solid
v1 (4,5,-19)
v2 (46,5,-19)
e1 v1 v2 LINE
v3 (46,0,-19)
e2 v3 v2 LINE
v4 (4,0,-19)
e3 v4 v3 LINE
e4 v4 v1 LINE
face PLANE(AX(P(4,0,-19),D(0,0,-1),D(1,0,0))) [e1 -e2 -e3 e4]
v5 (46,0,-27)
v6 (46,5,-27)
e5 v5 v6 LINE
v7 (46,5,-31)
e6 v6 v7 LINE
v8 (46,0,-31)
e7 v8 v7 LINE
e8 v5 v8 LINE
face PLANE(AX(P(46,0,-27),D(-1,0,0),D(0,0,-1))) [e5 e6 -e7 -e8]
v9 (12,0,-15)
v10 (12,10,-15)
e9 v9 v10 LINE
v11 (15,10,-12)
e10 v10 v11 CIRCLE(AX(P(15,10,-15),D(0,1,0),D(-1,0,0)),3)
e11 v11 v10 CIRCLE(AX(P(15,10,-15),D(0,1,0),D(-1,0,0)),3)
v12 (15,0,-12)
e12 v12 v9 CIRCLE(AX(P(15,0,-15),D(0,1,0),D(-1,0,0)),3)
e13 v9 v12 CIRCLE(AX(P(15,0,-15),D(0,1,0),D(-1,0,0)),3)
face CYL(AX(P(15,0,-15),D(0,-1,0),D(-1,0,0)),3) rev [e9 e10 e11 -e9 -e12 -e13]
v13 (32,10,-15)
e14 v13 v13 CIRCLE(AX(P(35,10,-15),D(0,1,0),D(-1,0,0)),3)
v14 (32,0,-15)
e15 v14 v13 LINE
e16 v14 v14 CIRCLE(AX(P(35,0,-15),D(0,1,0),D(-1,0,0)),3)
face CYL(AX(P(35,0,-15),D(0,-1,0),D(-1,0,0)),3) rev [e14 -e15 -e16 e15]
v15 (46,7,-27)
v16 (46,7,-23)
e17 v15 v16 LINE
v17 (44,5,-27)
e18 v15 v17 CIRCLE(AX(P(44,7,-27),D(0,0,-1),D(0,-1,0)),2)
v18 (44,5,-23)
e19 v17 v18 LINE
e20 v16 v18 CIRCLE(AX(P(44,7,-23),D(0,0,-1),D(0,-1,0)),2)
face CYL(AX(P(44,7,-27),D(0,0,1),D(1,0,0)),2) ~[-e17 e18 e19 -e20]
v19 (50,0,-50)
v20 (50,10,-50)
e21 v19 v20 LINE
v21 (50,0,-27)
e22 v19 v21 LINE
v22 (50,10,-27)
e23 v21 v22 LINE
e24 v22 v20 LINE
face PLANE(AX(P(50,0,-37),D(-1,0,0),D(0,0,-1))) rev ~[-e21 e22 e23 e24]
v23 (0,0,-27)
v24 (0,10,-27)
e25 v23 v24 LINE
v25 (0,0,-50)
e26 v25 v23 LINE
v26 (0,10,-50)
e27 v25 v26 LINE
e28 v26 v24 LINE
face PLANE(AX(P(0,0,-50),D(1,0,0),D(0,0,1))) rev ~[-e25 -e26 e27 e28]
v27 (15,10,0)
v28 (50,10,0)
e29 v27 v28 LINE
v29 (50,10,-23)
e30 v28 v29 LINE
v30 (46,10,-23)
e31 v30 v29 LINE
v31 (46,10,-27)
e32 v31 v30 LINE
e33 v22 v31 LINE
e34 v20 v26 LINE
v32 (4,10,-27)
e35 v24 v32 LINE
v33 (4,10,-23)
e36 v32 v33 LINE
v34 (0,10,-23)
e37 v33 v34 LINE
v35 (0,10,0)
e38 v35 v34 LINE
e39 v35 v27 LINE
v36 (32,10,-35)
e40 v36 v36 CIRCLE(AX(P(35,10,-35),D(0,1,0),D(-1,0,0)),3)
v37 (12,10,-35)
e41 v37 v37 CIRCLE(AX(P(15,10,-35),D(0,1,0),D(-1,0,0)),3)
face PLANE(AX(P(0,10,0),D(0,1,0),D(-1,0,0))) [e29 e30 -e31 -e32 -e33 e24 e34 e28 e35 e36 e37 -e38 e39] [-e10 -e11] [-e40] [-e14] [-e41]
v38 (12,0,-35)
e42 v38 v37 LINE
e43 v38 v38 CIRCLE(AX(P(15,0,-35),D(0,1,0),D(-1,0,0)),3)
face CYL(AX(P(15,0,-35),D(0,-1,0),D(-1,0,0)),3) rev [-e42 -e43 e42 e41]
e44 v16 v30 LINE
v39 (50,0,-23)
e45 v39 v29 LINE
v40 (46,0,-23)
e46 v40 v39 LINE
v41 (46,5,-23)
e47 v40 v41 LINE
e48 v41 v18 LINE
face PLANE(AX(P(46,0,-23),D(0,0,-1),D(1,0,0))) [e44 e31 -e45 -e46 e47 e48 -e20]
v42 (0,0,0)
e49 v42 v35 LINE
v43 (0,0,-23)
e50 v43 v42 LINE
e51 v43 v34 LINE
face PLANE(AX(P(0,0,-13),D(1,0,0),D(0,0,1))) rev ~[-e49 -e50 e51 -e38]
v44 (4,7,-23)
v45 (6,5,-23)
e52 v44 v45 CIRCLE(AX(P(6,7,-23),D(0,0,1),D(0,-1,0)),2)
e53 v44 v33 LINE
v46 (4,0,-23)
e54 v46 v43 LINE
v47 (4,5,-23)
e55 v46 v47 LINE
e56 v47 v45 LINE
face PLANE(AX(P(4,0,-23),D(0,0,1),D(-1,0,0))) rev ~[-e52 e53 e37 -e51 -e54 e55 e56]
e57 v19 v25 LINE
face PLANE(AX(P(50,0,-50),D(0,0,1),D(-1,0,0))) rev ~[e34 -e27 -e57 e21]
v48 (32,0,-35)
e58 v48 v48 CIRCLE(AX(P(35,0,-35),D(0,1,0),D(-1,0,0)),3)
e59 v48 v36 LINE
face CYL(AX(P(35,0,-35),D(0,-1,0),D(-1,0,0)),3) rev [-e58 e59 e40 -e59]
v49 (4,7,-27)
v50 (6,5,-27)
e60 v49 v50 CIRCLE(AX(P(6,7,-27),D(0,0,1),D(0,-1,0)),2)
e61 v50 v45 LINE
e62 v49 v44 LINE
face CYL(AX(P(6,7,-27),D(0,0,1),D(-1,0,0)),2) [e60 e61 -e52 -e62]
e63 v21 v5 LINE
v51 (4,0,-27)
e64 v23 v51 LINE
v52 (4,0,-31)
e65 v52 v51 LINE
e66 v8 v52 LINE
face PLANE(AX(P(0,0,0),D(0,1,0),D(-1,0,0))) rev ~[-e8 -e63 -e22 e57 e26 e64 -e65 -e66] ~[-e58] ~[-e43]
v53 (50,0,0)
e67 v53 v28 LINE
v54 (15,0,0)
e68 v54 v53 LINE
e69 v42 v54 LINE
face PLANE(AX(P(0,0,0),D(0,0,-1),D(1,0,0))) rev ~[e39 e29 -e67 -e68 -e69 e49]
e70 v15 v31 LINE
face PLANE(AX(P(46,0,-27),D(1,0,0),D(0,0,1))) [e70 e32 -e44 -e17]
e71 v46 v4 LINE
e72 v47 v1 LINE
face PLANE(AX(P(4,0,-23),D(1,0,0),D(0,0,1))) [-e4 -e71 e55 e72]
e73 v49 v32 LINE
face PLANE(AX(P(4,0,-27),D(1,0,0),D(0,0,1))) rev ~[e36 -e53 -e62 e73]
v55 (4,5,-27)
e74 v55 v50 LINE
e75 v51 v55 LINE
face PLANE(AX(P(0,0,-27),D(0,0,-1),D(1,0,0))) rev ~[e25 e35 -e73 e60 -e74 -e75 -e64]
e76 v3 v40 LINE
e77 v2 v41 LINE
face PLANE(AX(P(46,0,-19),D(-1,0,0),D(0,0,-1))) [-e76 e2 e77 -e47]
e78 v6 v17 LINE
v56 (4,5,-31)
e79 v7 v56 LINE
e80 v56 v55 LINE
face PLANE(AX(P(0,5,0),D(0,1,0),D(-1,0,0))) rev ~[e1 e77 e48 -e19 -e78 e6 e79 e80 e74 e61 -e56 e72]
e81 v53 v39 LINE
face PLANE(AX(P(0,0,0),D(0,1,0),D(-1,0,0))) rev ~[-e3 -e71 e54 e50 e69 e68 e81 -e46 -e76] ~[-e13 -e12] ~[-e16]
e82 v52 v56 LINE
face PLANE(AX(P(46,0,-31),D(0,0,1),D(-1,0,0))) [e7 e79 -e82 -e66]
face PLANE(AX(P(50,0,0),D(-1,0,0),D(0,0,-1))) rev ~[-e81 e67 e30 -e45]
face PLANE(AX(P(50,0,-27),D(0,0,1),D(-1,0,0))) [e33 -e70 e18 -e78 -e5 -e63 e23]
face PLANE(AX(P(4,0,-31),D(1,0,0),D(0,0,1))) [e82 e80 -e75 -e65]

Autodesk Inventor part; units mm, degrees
ref_plane "YZ Plane" through (0, 0, 0) normal (1, 0, 0) x (0, 1, 0)
ref_plane "XZ Plane" through (0, 0, 0) normal (0, 1, 0) x (-1, 0, 0)
ref_plane "XY Plane" through (0, 0, 0) normal (0, 0, 1) x (1, 0, 0)
sketch "Sketch2" plane through (0, 0, 0) normal (0, 1, 0) x (-1, 0, 0)
  line L0 (0, 0) -> (-50, 0)
  line L1 (-50, 0) -> (-50, -50)
  line L2 (-50, -50) -> (0, -50)
  line L3 (0, -50) -> (0, 0)
  circle A0 centre (-15, -35) radius 3
  circle A1 centre (-15, -15) radius 3
  line L4 (-15, -35) -> (-15, -50) construction
  line L5 (-15, -15) -> (-15, 0)
  line L6 (-15, -35) -> (0, -35) construction
  line L7 (0, -27) -> (-4, -27)
  line L8 (-4, -23) -> (0, -23)
  line L9 (0, -23) -> (0, -27)
  line L10 (-50, -27) -> (-46, -27)
  line L11 (-46, -23) -> (-50, -23)
  line L12 (-50, -23) -> (-50, -27)
  line L13 (-50, -30) -> (-50, -37)
  line L14 (0, -13) -> (0, -20)
  line L15 (-4, -23) -> (-4, -19)
  line L16 (-4, -19) -> (-46, -19)
  line L17 (-46, -19) -> (-46, -23)
  line L18 (-46, -27) -> (-46, -31)
  line L19 (-46, -31) -> (-4, -31)
  line L20 (-4, -31) -> (-4, -27)
  line L21 (-4, -27) -> (-4, -23)
  line L22 (-46, -27) -> (-46, -23)
  line L23 (-35, 0) -> (-35, -15) construction
  line L24 (-35, -50) -> (-35, -35) construction
  line L25 (-35, -15) -> (-50, -15) construction
  circle A2 centre (-35, -15) radius 3
  circle A3 centre (-35, -35) radius 3
  point P0 (0, -25)
  point P1 (-50, -25)
  point P2 (0, -23)
  dimension "d0" = 50
  dimension "d1" = 6
  dimension "d6" = 4
  dimension "d10" = 7
  dimension "d23" = 15
  dimension "d24" = 4
extrude "Extrusion1" add sketch "Sketch2" along normal blind 10 contours L3 L8 L15 L16 L17 L11 L1 L0 | L10 L18 L19 L20 L7 L3 L2 L1 | L17 L16 L15 L21 L20 L19 L18 L22
extrude "Extrusion2" cut sketch "Sketch2" along normal blind 5 contours L17 L16 L15 L21 L20 L19 L18 L22
fillet "Fillet1" radius 2 2 edges at (4, 5, -25) (46, 5, -25)
equation "\"d0\" = width"
equation "\"d1\" = hole_diameter"
equation "\"d6\" = cabel_shaft_size"
equation "\"d23\" = edge_to_hole"
equation "\"d24\" = cabel_shaft_size"
equation "\"d18\" = plate_thicknes"
equation "\"d20\" = 0.5 * plate_thicknes"
equation "\"width\" = inner_leg_width"
equation "\"cabel_channel_depth\" = 4"
equation "\"plate_thicknes\" = 10"
equation "\"hole_diameter\" = 6"
equation "\"cabel_shaft_size\" = 4"
equation "\"edge_to_hole\" = 15"
equation "\"inner_leg_width\" = 50"
properties part number "2_inner_leg_top_plate"
